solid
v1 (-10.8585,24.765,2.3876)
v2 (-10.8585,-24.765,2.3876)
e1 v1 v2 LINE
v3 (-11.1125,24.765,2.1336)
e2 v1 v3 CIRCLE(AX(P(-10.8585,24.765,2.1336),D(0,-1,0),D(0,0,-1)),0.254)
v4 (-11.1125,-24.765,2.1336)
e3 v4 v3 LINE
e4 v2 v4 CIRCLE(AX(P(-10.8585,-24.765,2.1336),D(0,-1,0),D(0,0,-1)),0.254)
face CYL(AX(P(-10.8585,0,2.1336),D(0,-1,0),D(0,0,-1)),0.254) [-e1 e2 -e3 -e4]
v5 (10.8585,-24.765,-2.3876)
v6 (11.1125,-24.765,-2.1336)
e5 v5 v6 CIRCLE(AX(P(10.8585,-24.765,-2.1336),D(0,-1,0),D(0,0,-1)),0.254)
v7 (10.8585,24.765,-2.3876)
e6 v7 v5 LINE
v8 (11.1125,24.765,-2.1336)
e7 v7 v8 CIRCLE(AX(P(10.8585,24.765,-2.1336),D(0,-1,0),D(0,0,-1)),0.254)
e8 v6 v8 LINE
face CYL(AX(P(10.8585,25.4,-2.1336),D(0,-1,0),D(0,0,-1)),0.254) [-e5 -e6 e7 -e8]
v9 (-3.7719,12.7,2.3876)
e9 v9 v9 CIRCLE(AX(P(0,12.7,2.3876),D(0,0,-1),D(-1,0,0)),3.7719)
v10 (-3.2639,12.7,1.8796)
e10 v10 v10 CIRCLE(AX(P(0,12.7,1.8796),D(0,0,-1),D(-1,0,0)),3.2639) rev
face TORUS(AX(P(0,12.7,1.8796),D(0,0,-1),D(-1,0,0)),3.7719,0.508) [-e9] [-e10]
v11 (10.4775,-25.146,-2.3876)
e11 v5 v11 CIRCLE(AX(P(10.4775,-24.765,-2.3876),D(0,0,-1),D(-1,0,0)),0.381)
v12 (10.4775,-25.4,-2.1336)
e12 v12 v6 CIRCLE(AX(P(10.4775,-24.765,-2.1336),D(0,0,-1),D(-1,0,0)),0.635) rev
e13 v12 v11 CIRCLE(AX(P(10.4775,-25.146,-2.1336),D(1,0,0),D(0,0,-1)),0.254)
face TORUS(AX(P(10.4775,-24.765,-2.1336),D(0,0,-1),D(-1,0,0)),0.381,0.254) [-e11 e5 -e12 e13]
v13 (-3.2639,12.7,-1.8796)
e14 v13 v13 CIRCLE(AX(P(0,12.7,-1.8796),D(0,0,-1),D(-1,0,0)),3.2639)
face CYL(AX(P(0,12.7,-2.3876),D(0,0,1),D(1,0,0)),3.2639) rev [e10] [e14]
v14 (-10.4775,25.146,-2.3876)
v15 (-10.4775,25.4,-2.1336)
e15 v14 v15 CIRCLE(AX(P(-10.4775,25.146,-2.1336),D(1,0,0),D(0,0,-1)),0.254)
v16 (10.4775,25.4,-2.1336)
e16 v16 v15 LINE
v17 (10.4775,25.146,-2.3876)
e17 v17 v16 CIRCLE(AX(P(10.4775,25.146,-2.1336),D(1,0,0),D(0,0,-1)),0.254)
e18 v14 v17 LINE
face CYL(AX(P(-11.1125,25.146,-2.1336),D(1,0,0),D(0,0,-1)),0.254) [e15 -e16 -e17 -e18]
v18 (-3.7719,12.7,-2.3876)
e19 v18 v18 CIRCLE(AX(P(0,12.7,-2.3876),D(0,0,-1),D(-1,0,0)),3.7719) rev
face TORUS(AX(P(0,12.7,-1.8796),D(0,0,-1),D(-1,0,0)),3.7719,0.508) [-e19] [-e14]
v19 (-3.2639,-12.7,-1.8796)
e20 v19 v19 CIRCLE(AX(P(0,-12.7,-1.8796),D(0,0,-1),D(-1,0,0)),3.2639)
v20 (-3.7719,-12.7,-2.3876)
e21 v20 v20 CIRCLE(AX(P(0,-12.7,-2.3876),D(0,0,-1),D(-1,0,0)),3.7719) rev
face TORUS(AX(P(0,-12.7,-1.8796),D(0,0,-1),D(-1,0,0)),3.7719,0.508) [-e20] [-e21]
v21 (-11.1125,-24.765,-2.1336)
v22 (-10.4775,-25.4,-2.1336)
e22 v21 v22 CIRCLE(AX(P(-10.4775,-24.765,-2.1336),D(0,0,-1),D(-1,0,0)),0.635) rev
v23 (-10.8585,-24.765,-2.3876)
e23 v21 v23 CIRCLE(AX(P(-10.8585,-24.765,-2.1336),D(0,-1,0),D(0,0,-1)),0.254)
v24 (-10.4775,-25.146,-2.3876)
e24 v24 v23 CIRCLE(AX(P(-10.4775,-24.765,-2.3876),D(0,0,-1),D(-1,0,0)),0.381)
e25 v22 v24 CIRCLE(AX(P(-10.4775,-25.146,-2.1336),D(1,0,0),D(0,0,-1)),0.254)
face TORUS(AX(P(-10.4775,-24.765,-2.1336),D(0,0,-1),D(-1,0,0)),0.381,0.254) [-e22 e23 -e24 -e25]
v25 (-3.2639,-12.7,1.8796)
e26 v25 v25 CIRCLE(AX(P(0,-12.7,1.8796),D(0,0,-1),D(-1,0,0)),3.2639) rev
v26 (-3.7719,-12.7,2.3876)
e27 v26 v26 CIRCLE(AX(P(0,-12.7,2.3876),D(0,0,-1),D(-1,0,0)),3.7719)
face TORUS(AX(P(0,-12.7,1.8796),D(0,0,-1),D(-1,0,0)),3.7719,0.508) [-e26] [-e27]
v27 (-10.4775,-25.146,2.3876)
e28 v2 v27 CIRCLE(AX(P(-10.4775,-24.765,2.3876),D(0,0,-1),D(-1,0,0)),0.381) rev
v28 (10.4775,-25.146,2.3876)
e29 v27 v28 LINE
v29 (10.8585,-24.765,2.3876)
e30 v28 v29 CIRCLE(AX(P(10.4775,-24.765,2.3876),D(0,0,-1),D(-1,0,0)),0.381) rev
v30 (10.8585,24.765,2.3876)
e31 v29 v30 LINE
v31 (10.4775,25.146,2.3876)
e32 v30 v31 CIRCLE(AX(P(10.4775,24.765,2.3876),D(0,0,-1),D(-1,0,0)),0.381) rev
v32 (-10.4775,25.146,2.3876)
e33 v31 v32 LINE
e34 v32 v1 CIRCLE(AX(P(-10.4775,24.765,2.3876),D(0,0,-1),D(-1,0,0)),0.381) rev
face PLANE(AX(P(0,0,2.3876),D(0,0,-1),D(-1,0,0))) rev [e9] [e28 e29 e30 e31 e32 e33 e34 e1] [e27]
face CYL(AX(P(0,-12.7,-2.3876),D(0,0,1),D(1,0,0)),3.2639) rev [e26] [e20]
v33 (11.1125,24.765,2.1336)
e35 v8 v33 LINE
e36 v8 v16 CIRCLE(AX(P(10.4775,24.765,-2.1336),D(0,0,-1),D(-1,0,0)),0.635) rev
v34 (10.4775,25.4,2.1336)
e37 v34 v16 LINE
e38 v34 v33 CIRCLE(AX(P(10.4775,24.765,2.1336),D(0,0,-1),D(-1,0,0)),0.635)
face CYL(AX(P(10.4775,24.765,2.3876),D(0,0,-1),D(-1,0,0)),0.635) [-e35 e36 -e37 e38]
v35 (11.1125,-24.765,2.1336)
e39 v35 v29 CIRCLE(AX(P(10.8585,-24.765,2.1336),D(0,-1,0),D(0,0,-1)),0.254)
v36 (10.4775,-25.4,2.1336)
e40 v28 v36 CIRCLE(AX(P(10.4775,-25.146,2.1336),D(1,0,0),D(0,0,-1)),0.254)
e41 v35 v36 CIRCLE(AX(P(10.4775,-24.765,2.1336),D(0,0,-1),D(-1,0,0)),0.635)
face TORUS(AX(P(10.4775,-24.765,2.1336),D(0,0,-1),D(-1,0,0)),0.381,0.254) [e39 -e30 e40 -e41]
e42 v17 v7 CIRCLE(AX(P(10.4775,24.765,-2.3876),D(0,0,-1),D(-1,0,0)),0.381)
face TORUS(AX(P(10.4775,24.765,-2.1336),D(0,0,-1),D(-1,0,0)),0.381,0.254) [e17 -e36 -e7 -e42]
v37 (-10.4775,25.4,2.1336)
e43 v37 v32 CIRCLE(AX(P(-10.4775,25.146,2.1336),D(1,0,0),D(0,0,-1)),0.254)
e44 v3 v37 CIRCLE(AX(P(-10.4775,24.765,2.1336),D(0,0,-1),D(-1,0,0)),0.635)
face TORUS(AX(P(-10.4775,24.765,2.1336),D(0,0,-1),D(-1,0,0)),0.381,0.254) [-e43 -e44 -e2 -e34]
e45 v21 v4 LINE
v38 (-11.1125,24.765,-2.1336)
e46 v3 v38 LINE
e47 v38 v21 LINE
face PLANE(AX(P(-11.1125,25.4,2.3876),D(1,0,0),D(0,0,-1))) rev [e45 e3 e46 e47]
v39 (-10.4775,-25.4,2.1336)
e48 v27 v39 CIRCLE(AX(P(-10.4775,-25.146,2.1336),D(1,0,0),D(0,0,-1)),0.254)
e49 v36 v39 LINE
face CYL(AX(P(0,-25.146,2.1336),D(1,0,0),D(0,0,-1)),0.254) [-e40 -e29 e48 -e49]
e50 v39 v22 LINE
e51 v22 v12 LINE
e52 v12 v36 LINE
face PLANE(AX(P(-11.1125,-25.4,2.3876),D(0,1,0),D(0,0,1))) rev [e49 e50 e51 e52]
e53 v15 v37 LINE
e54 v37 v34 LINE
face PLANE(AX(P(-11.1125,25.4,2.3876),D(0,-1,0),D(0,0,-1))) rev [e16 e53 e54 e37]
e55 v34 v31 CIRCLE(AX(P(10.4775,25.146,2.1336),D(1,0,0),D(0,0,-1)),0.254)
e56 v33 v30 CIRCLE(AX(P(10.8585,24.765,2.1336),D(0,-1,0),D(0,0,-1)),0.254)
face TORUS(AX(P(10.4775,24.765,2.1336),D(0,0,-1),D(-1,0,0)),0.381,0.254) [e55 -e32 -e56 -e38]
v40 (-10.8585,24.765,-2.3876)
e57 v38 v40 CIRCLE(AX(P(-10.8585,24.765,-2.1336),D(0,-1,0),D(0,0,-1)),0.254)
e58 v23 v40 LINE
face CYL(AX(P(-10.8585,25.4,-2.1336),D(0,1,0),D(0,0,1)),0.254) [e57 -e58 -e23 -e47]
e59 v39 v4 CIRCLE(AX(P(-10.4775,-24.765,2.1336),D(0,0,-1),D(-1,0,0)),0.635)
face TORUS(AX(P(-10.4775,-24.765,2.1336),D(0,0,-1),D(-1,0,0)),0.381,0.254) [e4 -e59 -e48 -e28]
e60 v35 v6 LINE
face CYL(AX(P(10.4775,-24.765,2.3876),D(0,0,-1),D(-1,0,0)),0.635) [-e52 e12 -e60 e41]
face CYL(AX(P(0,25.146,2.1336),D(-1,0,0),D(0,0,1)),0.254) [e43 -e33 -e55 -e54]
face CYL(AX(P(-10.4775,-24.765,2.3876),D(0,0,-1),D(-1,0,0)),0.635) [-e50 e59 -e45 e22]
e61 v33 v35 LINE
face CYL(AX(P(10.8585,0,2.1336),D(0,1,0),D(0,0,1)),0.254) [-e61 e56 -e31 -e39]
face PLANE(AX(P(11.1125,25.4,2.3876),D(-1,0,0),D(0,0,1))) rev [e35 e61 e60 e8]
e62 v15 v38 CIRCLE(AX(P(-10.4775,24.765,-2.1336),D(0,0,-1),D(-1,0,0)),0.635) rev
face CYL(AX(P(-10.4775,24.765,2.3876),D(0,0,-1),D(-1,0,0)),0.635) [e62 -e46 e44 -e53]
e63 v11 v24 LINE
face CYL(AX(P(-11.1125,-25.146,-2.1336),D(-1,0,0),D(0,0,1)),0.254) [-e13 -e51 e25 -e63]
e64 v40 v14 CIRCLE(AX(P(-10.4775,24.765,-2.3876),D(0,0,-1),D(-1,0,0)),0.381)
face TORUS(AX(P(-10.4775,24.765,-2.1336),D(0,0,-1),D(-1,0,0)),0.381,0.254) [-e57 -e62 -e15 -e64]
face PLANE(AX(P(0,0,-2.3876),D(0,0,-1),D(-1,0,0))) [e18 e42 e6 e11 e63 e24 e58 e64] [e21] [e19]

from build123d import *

# Parameters (mm, degrees)
BOSS_EXTRUDE1_START  = -2.3876
SKETCH3_W            = 22.225
SKETCH3_H            = 50.8
BOSS_EXTRUDE1_DEPTH  = 4.7752
FILLET1_R            = 0.635
SKETCH4_R            = 3.2639
CUT_EXTRUDE1_DEPTH   = 29.132724562
LPATTERN1_COUNT      = 2
LPATTERN1_PITCH      = 25.4
LPATTERN1_COUNT_DIR2 = 2
LPATTERN1_PITCH_DIR2 = 25.4
FILLET2_R            = 0.254
FILLET3_R            = 0.508


with BuildPart() as part:
    # Sketch3 → Boss-Extrude1 (new body)
    with BuildSketch(Plane.XY.offset(BOSS_EXTRUDE1_START)):
        Rectangle(SKETCH3_W, SKETCH3_H)
    extrude(amount=BOSS_EXTRUDE1_DEPTH)

    # Fillet1
    fillet1_edges = [part.edges().sort_by_distance(p)[0] for p in [
        (11.1125, 25.4, 0),
        (11.1125, -25.4, 0),
        (-11.1125, -25.4, 0),
        (-11.1125, 25.4, 0),
    ]]
    fillet(fillet1_edges, radius=FILLET1_R)

    # Sketch4 → Cut-Extrude1 (cut, through all)
    with BuildSketch(Plane.XY.offset(2.3876)):
        with Locations((0, 12.7)):
            Circle(SKETCH4_R)
    cut_extrude1 = extrude(amount=-CUT_EXTRUDE1_DEPTH, mode=Mode.SUBTRACT)

    # LPattern1: Cut-Extrude1 2 × 2
    with Locations(*[(-j * LPATTERN1_PITCH_DIR2, -i * LPATTERN1_PITCH, 0) for i in range(LPATTERN1_COUNT) for j in range(LPATTERN1_COUNT_DIR2) if (i, j) != (0, 0)]):
        add(cut_extrude1, mode=Mode.SUBTRACT)

    # Fillet2
    fillet2_edges = [part.edges().sort_by_distance(p)[0] for p in [
        (11.1125, 0, -2.3876),
        (11.1125, 0, 2.3876),
        (0, 25.4, -2.3876),
        (0, -25.4, -2.3876),
        (-11.1125, 0, -2.3876),
        (10.926512806, 25.214012806, -2.3876),
        (-10.926512806, 25.214012806, -2.3876),
        (-10.926512806, -25.214012806, -2.3876),
        (10.926512806, -25.214012806, -2.3876),
        (0, -25.4, 2.3876),
        (0, 25.4, 2.3876),
        (-11.1125, 0, 2.3876),
        (10.926512806, 25.214012806, 2.3876),
        (-10.926512806, 25.214012806, 2.3876),
        (-10.926512806, -25.214012806, 2.3876),
        (10.926512806, -25.214012806, 2.3876),
    ]]
    fillet(fillet2_edges, radius=FILLET2_R)

    # Fillet3
    fillet3_edges = [part.edges().sort_by_distance(p)[0] for p in [
        (-3.2639, 12.7, -2.3876),
        (-3.2639, 12.7, 2.3876),
        (-3.2639, -12.7, -2.3876),
        (-3.2639, -12.7, 2.3876),
    ]]
    fillet(fillet3_edges, radius=FILLET3_R)


solid = part.part
